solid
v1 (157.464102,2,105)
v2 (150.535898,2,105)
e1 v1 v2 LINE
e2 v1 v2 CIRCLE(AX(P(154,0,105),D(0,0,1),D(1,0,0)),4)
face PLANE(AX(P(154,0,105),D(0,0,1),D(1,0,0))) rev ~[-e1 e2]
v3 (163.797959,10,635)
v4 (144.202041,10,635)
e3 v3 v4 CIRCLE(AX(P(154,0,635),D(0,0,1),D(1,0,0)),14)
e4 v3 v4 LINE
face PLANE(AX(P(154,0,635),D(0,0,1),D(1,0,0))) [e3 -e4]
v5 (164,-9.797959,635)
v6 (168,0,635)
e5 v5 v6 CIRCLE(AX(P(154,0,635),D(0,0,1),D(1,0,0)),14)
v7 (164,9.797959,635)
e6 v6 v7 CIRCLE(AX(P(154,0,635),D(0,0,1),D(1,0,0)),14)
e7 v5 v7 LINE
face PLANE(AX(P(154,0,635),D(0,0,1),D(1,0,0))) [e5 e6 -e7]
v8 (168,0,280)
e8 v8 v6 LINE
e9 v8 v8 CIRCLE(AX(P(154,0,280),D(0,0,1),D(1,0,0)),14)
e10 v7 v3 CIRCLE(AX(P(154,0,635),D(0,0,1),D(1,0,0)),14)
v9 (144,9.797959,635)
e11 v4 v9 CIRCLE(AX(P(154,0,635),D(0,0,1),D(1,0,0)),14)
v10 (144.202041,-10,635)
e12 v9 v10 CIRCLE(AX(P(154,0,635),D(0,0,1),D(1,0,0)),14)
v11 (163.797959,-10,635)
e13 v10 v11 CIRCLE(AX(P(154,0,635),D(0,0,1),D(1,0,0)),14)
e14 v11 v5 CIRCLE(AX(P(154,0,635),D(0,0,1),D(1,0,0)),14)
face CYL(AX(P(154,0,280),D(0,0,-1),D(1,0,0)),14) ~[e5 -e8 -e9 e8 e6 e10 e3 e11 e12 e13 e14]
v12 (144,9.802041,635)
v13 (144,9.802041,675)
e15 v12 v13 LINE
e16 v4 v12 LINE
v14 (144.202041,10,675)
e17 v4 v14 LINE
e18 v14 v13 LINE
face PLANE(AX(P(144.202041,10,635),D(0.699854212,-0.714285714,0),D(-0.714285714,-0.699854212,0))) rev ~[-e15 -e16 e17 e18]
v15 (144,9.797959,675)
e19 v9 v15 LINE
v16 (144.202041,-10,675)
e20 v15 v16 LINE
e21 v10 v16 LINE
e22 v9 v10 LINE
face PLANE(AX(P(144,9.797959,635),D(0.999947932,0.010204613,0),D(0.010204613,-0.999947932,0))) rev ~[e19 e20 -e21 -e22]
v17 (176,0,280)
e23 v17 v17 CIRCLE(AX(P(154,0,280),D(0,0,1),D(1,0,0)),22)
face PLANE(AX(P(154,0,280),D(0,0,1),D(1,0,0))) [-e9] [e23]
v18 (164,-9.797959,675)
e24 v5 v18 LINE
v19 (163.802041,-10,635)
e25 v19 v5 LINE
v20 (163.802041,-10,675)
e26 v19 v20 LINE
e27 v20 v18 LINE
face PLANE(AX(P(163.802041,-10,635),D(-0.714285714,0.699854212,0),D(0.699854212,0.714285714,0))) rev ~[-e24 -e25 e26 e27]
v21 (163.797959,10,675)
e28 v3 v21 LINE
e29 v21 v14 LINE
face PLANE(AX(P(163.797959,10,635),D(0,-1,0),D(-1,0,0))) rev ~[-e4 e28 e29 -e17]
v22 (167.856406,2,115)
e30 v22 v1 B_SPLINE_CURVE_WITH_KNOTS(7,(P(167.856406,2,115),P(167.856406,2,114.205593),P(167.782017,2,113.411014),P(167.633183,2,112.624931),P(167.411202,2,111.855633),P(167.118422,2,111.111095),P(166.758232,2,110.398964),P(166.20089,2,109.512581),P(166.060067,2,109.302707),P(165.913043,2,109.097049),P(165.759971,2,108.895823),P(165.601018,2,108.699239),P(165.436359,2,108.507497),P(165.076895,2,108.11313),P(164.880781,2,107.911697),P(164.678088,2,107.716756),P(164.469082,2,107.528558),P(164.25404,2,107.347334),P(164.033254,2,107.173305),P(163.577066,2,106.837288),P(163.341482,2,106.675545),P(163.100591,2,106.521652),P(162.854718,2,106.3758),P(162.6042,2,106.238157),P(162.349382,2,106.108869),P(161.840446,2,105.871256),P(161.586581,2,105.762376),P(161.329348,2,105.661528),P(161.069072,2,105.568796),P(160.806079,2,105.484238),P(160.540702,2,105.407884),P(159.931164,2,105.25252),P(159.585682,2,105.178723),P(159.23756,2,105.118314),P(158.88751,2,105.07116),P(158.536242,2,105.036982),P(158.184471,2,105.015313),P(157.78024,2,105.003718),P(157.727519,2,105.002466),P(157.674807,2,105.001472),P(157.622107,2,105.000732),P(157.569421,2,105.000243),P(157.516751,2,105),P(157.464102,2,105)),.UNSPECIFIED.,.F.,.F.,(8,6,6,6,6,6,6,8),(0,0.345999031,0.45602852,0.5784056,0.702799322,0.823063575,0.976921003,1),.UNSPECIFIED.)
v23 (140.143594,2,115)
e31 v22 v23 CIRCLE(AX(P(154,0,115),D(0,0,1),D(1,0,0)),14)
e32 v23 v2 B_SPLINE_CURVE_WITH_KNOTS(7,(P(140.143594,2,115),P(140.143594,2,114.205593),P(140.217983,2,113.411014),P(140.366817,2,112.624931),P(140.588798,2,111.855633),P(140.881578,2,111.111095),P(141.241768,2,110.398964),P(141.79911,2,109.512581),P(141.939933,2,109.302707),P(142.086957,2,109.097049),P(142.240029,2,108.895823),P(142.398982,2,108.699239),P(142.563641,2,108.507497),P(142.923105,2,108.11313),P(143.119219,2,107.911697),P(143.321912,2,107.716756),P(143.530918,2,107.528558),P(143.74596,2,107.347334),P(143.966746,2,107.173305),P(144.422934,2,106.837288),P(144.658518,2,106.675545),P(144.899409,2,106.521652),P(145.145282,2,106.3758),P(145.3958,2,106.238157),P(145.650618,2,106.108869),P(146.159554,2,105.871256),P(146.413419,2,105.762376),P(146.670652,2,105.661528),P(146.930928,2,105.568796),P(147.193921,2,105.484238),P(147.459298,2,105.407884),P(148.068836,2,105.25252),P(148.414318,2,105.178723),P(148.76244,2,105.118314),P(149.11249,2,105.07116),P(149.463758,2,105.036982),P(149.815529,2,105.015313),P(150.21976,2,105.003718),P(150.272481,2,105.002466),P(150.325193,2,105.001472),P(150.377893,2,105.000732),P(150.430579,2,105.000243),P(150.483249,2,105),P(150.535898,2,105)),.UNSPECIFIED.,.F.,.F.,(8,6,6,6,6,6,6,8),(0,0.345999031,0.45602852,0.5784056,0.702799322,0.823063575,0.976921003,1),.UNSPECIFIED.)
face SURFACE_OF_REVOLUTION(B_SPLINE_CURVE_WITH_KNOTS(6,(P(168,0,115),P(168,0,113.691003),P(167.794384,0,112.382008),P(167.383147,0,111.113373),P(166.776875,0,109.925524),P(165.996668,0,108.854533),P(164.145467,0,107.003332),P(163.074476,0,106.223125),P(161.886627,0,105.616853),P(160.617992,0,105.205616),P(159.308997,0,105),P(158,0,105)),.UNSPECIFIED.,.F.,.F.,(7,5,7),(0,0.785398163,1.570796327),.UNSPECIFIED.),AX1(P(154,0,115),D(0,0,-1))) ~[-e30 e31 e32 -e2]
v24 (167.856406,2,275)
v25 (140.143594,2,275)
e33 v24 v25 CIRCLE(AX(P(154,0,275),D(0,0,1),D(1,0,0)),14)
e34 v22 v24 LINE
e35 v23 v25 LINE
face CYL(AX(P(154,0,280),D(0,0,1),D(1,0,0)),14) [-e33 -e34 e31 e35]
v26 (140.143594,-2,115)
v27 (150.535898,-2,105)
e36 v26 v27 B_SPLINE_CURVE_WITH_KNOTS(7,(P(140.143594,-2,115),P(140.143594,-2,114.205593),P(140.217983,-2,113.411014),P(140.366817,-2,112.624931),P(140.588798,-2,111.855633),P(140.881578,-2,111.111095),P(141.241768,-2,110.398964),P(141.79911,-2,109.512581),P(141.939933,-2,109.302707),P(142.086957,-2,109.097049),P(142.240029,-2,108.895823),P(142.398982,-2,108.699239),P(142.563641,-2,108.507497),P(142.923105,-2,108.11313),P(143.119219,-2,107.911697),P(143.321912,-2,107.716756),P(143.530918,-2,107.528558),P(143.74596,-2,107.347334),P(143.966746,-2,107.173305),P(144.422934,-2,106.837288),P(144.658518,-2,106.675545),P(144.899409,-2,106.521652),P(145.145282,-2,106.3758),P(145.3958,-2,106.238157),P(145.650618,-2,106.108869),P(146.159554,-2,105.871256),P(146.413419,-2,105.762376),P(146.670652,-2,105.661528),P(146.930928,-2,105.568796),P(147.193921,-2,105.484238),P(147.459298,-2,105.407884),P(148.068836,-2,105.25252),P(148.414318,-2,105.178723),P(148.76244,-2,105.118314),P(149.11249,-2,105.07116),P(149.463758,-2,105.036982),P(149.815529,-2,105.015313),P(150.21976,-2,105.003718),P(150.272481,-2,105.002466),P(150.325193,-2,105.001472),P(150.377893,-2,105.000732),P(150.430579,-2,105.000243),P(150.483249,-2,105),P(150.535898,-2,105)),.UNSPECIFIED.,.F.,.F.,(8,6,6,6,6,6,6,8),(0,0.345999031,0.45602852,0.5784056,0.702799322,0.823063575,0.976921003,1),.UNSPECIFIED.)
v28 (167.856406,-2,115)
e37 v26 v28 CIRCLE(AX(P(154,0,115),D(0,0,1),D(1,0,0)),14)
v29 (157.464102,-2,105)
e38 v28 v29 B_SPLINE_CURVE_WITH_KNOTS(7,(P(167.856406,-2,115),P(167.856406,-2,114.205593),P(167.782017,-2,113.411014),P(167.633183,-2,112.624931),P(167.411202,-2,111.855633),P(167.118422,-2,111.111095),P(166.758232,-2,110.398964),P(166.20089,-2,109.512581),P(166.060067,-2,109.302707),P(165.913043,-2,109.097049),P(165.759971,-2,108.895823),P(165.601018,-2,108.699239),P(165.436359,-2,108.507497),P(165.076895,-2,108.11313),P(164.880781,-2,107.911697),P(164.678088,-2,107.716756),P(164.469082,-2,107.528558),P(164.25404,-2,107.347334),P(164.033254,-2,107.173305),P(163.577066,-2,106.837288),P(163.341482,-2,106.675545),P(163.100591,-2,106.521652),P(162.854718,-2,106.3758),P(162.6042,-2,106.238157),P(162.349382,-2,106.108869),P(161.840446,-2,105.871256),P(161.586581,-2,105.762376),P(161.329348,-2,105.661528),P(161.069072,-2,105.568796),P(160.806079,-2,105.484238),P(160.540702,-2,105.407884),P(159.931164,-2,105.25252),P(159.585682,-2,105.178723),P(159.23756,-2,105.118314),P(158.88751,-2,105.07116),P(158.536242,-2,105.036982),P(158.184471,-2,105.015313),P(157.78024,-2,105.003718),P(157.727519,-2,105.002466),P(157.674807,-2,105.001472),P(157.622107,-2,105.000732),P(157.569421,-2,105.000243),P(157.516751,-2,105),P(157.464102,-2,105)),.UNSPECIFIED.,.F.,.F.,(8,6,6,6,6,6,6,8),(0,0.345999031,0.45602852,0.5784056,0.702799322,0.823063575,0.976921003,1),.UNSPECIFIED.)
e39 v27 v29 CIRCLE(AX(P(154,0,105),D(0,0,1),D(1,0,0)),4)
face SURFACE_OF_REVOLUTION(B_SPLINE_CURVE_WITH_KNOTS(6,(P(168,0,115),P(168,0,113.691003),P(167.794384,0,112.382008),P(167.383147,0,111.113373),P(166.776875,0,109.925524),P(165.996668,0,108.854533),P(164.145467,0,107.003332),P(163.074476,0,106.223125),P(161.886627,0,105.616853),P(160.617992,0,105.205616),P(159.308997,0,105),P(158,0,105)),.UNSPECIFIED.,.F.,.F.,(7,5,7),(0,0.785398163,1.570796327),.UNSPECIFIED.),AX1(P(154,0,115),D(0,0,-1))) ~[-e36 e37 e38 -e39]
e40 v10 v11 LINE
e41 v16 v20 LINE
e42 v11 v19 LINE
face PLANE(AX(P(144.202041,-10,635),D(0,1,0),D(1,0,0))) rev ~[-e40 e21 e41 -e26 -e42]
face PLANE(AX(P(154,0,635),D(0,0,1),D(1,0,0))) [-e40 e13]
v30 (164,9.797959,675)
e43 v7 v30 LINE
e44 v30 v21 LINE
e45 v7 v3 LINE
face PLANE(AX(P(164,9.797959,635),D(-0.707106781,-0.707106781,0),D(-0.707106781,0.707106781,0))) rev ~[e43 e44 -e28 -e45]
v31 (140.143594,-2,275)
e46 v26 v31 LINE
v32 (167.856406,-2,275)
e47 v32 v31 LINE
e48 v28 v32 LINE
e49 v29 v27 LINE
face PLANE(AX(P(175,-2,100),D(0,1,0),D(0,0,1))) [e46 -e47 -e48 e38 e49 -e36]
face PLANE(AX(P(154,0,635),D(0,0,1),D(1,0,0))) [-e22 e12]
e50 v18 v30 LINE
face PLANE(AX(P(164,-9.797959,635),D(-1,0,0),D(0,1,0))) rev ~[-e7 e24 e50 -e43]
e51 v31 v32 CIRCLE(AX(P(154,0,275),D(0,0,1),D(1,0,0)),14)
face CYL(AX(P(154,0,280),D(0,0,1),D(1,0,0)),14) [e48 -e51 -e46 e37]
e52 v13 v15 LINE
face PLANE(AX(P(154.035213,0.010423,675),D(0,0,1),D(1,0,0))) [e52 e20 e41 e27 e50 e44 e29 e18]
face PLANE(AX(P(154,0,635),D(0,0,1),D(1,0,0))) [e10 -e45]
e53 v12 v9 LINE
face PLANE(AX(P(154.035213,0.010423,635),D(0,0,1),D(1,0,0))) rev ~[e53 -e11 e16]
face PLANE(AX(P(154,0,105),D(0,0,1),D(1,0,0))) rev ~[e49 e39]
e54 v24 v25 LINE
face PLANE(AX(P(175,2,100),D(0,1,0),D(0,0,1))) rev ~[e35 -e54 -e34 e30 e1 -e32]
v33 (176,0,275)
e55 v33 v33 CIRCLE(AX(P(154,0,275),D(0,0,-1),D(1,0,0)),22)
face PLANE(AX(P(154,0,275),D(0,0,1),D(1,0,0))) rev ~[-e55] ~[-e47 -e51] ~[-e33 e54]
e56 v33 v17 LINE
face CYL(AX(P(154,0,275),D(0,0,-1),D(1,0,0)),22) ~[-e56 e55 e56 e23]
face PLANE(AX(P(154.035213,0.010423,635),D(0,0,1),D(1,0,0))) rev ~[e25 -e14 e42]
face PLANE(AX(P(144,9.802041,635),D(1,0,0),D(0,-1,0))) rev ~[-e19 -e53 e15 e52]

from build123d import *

# Parameters (mm, degrees)
F1_R           = 22
F2_DEPTH       = 5
F3_R           = 14
F4_DEPTH       = 355
F4_DEPTH_BACK  = 175
F6_DEPTH       = 40
F7_R           = 10
F9_W           = 4
F9_H           = 175
F10_DEPTH      = 43.001
F10_DEPTH_BACK = 25


with BuildPart() as f2:
    # F1 (on offset) → F2 (new body)
    with BuildSketch(Plane.XY.offset(275)):
        with Locations((154, 0)):
            Circle(F1_R)
    extrude(amount=F2_DEPTH)

    # F3 (on face) → F4 (join, two sides)
    with BuildSketch(Plane.XY.offset(280)) as f4_sk:
        with Locations((154, 0)):
            Circle(F3_R)
    extrude(amount=F4_DEPTH)
    extrude(f4_sk.sketch, amount=-F4_DEPTH_BACK)

    # F5 (on face) → F6 (join)
    with BuildSketch(Plane.XY.offset(635)):
        Polygon((164, 9.7979589711), (163.7979589711, 10), (144.2020410289, 10), (144, 9.8020410289), (144, 9.7979589711), (144.2020410289, -10), (163.8020410289, -10), (164, -9.7979589711), align=None)
    extrude(amount=F6_DEPTH)

    # F7
    f7_edges = [f2.edges().sort_by_distance(p)[0] for p in [
        (140, 0, 105),
    ]]
    fillet(f7_edges, radius=F7_R)

    # F9 (on offset) → F10 (cut, two sides)
    with BuildSketch(Plane.YZ.offset(175)) as f10_sk:
        with Locations((0, 187.5)):
            Rectangle(F9_W, F9_H)
    extrude(amount=-F10_DEPTH, mode=Mode.SUBTRACT)
    extrude(f10_sk.sketch, amount=F10_DEPTH_BACK, mode=Mode.SUBTRACT)


solid = f2.part
